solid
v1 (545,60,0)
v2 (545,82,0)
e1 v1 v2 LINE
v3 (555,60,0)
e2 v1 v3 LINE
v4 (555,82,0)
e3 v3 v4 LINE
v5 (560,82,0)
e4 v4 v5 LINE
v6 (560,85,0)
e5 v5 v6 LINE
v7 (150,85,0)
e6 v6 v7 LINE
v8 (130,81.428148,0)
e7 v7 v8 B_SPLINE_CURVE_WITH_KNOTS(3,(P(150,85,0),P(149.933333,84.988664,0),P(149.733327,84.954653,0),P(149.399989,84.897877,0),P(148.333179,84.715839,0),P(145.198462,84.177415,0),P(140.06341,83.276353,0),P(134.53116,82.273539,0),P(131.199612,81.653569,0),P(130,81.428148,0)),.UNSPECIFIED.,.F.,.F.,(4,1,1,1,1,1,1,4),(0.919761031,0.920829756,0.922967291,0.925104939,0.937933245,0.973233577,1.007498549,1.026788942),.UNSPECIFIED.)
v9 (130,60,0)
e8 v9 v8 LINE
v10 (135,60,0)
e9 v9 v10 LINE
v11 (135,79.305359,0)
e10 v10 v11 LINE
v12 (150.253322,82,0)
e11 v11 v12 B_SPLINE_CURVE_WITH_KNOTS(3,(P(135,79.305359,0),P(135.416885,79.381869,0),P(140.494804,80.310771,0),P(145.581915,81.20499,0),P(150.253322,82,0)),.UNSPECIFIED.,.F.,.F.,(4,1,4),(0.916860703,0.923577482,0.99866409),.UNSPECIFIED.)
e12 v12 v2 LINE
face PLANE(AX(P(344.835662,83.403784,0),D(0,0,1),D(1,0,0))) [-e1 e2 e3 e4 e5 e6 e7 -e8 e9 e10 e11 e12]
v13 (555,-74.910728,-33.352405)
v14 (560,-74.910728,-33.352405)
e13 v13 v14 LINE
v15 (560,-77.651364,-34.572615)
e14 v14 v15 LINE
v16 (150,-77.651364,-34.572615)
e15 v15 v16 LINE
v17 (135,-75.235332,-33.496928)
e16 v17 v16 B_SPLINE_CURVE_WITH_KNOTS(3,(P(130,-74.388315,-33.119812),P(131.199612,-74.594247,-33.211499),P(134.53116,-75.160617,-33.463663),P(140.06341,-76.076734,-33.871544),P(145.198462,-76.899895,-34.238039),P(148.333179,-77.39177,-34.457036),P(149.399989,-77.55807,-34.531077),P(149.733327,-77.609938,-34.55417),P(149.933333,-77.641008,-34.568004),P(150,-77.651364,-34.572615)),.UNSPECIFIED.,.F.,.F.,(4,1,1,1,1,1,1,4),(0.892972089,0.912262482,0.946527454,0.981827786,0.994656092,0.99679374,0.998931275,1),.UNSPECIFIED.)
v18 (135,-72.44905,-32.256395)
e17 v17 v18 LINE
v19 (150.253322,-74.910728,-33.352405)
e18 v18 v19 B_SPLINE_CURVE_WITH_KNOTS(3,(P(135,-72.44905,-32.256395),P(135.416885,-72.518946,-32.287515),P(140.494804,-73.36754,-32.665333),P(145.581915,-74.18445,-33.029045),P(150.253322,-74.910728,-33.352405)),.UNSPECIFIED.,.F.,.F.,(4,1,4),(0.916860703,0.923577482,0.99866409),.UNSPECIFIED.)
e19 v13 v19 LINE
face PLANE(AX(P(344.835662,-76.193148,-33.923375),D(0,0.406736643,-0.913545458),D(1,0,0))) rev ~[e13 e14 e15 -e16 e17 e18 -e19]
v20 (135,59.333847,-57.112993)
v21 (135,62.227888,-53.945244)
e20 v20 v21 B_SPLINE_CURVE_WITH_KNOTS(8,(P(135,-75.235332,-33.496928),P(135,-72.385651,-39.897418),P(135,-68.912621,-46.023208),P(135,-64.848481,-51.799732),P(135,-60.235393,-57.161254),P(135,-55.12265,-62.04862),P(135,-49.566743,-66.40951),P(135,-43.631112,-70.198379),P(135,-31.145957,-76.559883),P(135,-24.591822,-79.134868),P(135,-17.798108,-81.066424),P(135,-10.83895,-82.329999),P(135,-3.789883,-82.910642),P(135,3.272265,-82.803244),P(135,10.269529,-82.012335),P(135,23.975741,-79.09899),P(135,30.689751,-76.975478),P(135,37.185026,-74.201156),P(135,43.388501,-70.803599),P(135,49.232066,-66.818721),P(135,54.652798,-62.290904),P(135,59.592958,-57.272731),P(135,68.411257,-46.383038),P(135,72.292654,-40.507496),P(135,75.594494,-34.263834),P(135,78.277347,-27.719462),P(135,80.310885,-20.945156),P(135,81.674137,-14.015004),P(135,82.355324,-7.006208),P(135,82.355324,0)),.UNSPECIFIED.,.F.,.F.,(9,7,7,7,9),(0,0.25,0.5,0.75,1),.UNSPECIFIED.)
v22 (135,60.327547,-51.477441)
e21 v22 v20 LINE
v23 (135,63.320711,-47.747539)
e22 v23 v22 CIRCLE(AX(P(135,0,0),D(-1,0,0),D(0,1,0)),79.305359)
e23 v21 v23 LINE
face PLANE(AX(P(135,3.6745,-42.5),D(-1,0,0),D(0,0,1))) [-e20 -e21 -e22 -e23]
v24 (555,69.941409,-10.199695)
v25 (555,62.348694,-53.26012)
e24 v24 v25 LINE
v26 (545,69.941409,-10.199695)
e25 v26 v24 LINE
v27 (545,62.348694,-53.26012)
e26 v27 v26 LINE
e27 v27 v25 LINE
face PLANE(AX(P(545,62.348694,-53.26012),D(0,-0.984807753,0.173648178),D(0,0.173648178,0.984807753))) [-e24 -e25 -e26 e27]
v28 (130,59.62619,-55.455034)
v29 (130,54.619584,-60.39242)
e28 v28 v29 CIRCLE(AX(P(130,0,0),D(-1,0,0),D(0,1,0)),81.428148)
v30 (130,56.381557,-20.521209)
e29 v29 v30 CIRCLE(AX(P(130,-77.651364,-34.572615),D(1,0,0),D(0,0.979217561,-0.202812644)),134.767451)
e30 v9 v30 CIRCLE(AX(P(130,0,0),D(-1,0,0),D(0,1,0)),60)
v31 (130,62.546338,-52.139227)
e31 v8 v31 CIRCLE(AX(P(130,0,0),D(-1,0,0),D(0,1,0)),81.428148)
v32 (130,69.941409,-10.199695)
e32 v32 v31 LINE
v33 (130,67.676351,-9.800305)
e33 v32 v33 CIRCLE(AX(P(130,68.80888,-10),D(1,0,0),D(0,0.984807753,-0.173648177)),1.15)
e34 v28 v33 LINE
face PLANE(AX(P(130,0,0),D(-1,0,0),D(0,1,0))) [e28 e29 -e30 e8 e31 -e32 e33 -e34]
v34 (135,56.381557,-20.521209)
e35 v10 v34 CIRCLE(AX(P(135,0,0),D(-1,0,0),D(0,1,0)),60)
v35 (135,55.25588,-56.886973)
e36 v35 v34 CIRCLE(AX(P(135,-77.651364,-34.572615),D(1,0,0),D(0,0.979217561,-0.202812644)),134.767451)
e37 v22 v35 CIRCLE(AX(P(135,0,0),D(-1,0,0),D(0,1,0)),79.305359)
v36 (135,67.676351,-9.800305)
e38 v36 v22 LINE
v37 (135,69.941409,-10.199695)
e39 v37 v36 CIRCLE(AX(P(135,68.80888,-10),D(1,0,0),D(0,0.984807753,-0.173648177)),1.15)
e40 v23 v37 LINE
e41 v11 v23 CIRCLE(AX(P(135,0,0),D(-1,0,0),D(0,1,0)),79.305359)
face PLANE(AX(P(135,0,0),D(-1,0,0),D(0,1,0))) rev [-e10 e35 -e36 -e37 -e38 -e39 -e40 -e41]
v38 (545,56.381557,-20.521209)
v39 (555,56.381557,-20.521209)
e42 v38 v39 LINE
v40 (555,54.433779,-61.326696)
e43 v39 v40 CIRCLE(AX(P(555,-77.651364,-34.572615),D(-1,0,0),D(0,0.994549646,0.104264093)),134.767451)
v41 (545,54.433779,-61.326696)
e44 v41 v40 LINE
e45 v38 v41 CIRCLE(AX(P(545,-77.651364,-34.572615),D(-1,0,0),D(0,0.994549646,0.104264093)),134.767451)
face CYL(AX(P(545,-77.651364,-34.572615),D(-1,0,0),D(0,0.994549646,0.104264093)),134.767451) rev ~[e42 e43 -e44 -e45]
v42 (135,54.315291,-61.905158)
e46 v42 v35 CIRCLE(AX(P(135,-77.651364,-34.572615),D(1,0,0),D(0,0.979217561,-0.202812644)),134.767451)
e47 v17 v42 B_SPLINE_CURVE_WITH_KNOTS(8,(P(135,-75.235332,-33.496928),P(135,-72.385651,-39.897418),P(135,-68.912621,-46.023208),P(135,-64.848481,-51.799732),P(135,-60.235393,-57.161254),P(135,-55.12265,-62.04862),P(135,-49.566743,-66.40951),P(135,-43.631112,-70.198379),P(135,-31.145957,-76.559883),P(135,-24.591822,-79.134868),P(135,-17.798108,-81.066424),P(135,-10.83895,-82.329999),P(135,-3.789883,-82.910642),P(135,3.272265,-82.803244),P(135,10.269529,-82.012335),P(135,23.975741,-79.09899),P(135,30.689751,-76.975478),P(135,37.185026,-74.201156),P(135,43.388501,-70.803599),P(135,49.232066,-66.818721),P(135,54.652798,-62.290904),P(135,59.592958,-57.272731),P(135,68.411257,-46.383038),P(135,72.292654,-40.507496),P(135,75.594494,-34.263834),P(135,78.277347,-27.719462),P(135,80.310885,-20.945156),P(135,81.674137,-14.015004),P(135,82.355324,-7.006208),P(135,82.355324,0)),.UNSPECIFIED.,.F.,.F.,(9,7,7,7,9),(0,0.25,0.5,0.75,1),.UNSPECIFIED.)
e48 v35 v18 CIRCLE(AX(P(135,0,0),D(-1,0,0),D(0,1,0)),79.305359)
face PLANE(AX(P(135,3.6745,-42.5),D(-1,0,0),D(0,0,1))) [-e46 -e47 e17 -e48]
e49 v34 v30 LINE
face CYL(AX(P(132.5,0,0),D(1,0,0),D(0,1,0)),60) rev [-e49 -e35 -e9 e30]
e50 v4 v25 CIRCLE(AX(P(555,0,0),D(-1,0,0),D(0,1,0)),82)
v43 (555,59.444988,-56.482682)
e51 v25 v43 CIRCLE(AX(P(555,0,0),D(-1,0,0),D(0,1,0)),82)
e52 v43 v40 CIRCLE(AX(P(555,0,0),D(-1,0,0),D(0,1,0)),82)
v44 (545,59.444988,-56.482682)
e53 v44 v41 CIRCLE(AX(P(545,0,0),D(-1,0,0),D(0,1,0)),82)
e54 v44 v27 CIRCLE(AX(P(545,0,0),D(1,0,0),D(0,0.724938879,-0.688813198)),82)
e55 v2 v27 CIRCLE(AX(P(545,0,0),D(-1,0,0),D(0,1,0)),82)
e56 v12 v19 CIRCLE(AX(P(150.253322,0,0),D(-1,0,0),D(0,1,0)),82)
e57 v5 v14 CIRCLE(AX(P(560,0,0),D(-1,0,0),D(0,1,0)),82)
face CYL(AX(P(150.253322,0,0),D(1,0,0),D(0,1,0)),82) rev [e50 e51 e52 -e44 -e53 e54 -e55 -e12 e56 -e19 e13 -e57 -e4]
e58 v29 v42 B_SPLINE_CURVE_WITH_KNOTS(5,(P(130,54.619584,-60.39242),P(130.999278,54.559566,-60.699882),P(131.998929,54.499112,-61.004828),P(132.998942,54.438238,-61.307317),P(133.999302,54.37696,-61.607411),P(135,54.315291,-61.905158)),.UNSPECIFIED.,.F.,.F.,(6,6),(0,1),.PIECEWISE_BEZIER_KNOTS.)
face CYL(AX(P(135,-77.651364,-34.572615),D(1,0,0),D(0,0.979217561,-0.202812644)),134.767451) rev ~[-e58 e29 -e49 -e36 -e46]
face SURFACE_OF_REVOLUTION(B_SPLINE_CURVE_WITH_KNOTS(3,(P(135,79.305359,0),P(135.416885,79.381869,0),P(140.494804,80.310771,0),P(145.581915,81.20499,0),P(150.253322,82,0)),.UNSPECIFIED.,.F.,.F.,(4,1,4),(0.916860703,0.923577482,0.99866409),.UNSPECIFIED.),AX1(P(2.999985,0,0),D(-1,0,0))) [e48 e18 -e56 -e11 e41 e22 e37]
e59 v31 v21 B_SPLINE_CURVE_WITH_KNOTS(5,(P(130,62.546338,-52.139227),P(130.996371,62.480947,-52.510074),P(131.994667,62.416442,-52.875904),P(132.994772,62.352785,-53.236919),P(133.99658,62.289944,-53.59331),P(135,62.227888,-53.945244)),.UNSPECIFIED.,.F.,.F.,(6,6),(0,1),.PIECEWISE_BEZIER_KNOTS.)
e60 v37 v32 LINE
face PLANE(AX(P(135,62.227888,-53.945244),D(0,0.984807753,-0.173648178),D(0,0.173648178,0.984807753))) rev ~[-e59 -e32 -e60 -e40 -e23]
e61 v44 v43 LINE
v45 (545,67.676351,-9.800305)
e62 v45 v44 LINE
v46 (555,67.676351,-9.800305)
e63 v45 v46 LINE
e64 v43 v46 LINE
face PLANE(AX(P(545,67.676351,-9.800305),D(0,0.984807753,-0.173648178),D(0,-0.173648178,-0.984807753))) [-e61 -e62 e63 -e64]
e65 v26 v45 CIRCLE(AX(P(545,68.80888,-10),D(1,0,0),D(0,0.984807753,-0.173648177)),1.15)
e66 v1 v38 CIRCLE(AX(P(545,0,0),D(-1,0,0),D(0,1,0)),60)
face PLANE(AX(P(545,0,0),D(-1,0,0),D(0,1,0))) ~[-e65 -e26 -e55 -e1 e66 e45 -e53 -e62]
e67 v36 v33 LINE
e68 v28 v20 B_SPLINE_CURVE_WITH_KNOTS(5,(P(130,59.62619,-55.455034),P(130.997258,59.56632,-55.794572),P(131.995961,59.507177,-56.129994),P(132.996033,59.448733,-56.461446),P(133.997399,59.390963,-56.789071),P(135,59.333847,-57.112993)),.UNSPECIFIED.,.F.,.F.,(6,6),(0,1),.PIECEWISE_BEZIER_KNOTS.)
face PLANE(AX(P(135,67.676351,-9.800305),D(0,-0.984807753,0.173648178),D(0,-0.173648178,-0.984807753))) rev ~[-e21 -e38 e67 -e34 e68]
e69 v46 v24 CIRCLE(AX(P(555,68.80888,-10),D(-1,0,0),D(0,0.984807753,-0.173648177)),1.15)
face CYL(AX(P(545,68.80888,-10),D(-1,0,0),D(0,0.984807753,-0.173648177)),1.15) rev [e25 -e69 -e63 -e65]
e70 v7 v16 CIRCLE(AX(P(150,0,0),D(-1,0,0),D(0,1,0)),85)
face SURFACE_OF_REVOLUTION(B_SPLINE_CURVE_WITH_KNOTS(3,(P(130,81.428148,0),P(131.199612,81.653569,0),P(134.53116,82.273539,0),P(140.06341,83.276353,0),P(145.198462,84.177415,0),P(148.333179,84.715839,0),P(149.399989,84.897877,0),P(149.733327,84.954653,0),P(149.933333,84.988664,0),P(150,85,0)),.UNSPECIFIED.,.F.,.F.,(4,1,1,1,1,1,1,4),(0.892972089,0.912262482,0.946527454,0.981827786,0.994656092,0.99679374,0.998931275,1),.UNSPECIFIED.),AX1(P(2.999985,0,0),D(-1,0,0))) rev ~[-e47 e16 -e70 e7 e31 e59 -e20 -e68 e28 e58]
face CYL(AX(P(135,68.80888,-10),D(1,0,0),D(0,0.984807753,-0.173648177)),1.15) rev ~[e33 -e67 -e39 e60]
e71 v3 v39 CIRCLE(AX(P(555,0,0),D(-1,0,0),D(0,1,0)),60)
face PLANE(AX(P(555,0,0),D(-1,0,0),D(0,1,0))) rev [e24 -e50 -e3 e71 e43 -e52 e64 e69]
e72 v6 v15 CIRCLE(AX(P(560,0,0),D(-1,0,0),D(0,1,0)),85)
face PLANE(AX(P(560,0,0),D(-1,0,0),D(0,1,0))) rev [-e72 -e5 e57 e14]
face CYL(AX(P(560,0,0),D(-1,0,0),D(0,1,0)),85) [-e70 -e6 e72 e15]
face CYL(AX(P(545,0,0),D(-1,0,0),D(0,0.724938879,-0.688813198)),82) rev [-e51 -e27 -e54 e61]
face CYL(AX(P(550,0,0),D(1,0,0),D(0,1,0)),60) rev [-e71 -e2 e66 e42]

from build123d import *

# Parameters (mm, degrees)
REVOLVE5_ANGLE          = 156
REVOLVE7_ANGLE          = 50
SKETCH4_OUTSIDE_W       = 180.506
SKETCH4_OUTSIDE_H       = 258.157
CUT_EXTRUDE2_DEPTH      = 170
CUT_EXTRUDE3_DEPTH      = 442.672956065
CUT_EXTRUDE3_DEPTH_BACK = 10
SKETCH5_OUTSIDE_W       = 180.506
SKETCH5_OUTSIDE_H       = 258.157


with BuildPart() as part:
    # Sketch1 → Revolve5 (revolve)
    with BuildSketch(Plane.XY):
        with BuildLine():
            Line((560, 85), (150, 85))
            add(Edge.make_bspline(
                [(130, 81.42814839), (131.199611639, 81.653568948), (134.531160345, 82.27353853), (140.063409966, 83.276352633), (145.198462089, 84.177415336), (148.333178957, 84.715838785), (149.39998937, 84.897876633), (149.733326587, 84.954653305), (149.933332963, 84.98866355), (150, 85)],
                knots=[0.892972089, 0.892972089, 0.892972089, 0.892972089, 0.912262482, 0.946527454, 0.981827786, 0.994656092, 0.99679374, 0.998931275, 1, 1, 1, 1], degree=3))
            Line((130, 81.42814839), (130, 60))
            Line((130, 60), (135, 60))
            Line((135, 60), (135, 79.305358628))
            add(Edge.make_bspline(
                [(135, 79.305358628), (135.41688533, 79.381868697), (140.494804486, 80.310770929), (145.581915204, 81.204990099), (150.253322265, 82)],
                knots=[0.916860703, 0.916860703, 0.916860703, 0.916860703, 0.923577482, 0.99866409, 0.99866409, 0.99866409, 0.99866409], degree=3))
            Line((150.253322265, 82), (545, 82))
            Line((545, 82), (545, 60))
            Line((545, 60), (555, 60))
            Line((555, 60), (555, 82))
            Line((555, 82), (560, 82))
            Line((560, 82), (560, 85))
        make_face()
    revolve(axis=Axis((2.999985029, 0, 0), (-1, 0, 0)), revolution_arc=REVOLVE5_ANGLE)

    # Sketch1<9> → Revolve7 (revolve)
    with BuildSketch(Plane.XY):
        with BuildLine():
            Line((560, 85), (150, 85))
            add(Edge.make_bspline(
                [(130, 81.42814839), (131.199611639, 81.653568948), (134.531160345, 82.27353853), (140.063409966, 83.276352633), (145.198462089, 84.177415336), (148.333178957, 84.715838785), (149.39998937, 84.897876633), (149.733326587, 84.954653305), (149.933332963, 84.98866355), (150, 85)],
                knots=[0.892972089, 0.892972089, 0.892972089, 0.892972089, 0.912262482, 0.946527454, 0.981827786, 0.994656092, 0.99679374, 0.998931275, 1, 1, 1, 1], degree=3))
            Line((130, 81.42814839), (130, 78.37548573))
            add(Edge.make_bspline(
                [(130, 78.37548573), (130.416441261, 78.4539748), (131.249429944, 78.610441407), (132.499278387, 78.843638055), (133.749457206, 79.075350404), (134.58311467, 79.228848558), (135, 79.305358628)],
                knots=[0.889993585, 0.889993585, 0.889993585, 0.889993585, 0.896710365, 0.903427144, 0.910143923, 0.916860703, 0.916860703, 0.916860703, 0.916860703], degree=3))
            add(Edge.make_bspline(
                [(135, 79.305358628), (135.41688533, 79.381868697), (140.494804486, 80.310770929), (145.581915204, 81.204990099), (150.253322265, 82)],
                knots=[0.916860703, 0.916860703, 0.916860703, 0.916860703, 0.923577482, 0.99866409, 0.99866409, 0.99866409, 0.99866409], degree=3))
            Line((150.253322265, 82), (545, 82))
            Line((545, 82), (555, 82))
            Line((555, 82), (560, 82))
            Line((560, 82), (560, 85))
        make_face()
    revolve(axis=Axis((2.999985029, 0, 0), (-1, 0, 0)), revolution_arc=REVOLVE7_ANGLE)

    # Sketch4 outside → Cut-Extrude2 (cut)
    with BuildSketch(Plane.ZY.offset(-135)):
        with Locations((-42.5, 3.6745)):
            Rectangle(SKETCH4_OUTSIDE_W, SKETCH4_OUTSIDE_H)
        with BuildLine():
            Line((0, 60), (0, 82.355324155))
            ThreePointArc((0, 82.355324155), (-28.788899936, 77.159566207), (-53.94524406, 62.227888121))
            Line((-53.94524406, 62.227888121), (-10.199695404, 69.941408635))
            ThreePointArc((-10.199695404, 69.941408635), (-8.867471084, 69.008575123), (-9.800304596, 67.676350803))
            Line((-9.800304596, 67.676350803), (-57.112993118, 59.333847287))
            ThreePointArc((-57.112993118, 59.333847287), (-59.561955461, 56.875063765), (-61.905157801, 54.315291165))
            ThreePointArc((-61.905157801, 54.315291165), (-41.293069586, 56.9484186), (-20.5212086, 56.381557247))
            ThreePointArc((-20.5212086, 56.381557247), (-10.41889066, 59.088465181), (0, 60))
        make_face(mode=Mode.SUBTRACT)
    extrude(amount=CUT_EXTRUDE2_DEPTH, mode=Mode.SUBTRACT)

    # Sketch5 outside → Cut-Extrude3 (cut, two sides: drawn at the far end of the back side and taken through both)
    # profile 1 of 2: a face of its own
    with BuildSketch(Plane(origin=(555, 0, 0), x_dir=(0, 0, -1), z_dir=(1, 0, 0)).offset(-CUT_EXTRUDE3_DEPTH_BACK)):
        with Locations((42.5, 3.6745)):
            Rectangle(SKETCH5_OUTSIDE_W, SKETCH5_OUTSIDE_H)
        with BuildLine():
            Line((0, 85), (0, 60))
            ThreePointArc((0, 60), (10.41889066, 59.088465181), (20.5212086, 56.381557247))
            ThreePointArc((20.5212086, 56.381557247), (40.998184687, 56.962818166), (61.326696118, 54.433779432))
            ThreePointArc((61.326696118, 54.433779432), (80.146948816, -17.333972293), (33.352404732, -74.910727527))
            Line((33.352404732, -74.910727527), (34.572614661, -77.6513639))
            ThreePointArc((34.572614661, -77.6513639), (83.142546062, 17.67249372), (0, 85))
        make_face(mode=Mode.SUBTRACT)
    # profile 2 of 2: a face of its own
    with BuildSketch(Plane(origin=(555, 0, 0), x_dir=(0, 0, -1), z_dir=(1, 0, 0)).offset(-CUT_EXTRUDE3_DEPTH_BACK)):
        with BuildLine():
            Line((9.800304596, 67.676350803), (56.482682204, 59.444988107))
            ThreePointArc((56.482682204, 59.444988107), (54.890605033, 60.918153937), (53.260119726, 62.348694026))
            Line((53.260119726, 62.348694026), (10.199695404, 69.941408635))
            ThreePointArc((10.199695404, 69.941408635), (8.867471084, 69.008575123), (9.800304596, 67.676350803))
        make_face()
    extrude(amount=CUT_EXTRUDE3_DEPTH + CUT_EXTRUDE3_DEPTH_BACK, mode=Mode.SUBTRACT)


solid = part.part
